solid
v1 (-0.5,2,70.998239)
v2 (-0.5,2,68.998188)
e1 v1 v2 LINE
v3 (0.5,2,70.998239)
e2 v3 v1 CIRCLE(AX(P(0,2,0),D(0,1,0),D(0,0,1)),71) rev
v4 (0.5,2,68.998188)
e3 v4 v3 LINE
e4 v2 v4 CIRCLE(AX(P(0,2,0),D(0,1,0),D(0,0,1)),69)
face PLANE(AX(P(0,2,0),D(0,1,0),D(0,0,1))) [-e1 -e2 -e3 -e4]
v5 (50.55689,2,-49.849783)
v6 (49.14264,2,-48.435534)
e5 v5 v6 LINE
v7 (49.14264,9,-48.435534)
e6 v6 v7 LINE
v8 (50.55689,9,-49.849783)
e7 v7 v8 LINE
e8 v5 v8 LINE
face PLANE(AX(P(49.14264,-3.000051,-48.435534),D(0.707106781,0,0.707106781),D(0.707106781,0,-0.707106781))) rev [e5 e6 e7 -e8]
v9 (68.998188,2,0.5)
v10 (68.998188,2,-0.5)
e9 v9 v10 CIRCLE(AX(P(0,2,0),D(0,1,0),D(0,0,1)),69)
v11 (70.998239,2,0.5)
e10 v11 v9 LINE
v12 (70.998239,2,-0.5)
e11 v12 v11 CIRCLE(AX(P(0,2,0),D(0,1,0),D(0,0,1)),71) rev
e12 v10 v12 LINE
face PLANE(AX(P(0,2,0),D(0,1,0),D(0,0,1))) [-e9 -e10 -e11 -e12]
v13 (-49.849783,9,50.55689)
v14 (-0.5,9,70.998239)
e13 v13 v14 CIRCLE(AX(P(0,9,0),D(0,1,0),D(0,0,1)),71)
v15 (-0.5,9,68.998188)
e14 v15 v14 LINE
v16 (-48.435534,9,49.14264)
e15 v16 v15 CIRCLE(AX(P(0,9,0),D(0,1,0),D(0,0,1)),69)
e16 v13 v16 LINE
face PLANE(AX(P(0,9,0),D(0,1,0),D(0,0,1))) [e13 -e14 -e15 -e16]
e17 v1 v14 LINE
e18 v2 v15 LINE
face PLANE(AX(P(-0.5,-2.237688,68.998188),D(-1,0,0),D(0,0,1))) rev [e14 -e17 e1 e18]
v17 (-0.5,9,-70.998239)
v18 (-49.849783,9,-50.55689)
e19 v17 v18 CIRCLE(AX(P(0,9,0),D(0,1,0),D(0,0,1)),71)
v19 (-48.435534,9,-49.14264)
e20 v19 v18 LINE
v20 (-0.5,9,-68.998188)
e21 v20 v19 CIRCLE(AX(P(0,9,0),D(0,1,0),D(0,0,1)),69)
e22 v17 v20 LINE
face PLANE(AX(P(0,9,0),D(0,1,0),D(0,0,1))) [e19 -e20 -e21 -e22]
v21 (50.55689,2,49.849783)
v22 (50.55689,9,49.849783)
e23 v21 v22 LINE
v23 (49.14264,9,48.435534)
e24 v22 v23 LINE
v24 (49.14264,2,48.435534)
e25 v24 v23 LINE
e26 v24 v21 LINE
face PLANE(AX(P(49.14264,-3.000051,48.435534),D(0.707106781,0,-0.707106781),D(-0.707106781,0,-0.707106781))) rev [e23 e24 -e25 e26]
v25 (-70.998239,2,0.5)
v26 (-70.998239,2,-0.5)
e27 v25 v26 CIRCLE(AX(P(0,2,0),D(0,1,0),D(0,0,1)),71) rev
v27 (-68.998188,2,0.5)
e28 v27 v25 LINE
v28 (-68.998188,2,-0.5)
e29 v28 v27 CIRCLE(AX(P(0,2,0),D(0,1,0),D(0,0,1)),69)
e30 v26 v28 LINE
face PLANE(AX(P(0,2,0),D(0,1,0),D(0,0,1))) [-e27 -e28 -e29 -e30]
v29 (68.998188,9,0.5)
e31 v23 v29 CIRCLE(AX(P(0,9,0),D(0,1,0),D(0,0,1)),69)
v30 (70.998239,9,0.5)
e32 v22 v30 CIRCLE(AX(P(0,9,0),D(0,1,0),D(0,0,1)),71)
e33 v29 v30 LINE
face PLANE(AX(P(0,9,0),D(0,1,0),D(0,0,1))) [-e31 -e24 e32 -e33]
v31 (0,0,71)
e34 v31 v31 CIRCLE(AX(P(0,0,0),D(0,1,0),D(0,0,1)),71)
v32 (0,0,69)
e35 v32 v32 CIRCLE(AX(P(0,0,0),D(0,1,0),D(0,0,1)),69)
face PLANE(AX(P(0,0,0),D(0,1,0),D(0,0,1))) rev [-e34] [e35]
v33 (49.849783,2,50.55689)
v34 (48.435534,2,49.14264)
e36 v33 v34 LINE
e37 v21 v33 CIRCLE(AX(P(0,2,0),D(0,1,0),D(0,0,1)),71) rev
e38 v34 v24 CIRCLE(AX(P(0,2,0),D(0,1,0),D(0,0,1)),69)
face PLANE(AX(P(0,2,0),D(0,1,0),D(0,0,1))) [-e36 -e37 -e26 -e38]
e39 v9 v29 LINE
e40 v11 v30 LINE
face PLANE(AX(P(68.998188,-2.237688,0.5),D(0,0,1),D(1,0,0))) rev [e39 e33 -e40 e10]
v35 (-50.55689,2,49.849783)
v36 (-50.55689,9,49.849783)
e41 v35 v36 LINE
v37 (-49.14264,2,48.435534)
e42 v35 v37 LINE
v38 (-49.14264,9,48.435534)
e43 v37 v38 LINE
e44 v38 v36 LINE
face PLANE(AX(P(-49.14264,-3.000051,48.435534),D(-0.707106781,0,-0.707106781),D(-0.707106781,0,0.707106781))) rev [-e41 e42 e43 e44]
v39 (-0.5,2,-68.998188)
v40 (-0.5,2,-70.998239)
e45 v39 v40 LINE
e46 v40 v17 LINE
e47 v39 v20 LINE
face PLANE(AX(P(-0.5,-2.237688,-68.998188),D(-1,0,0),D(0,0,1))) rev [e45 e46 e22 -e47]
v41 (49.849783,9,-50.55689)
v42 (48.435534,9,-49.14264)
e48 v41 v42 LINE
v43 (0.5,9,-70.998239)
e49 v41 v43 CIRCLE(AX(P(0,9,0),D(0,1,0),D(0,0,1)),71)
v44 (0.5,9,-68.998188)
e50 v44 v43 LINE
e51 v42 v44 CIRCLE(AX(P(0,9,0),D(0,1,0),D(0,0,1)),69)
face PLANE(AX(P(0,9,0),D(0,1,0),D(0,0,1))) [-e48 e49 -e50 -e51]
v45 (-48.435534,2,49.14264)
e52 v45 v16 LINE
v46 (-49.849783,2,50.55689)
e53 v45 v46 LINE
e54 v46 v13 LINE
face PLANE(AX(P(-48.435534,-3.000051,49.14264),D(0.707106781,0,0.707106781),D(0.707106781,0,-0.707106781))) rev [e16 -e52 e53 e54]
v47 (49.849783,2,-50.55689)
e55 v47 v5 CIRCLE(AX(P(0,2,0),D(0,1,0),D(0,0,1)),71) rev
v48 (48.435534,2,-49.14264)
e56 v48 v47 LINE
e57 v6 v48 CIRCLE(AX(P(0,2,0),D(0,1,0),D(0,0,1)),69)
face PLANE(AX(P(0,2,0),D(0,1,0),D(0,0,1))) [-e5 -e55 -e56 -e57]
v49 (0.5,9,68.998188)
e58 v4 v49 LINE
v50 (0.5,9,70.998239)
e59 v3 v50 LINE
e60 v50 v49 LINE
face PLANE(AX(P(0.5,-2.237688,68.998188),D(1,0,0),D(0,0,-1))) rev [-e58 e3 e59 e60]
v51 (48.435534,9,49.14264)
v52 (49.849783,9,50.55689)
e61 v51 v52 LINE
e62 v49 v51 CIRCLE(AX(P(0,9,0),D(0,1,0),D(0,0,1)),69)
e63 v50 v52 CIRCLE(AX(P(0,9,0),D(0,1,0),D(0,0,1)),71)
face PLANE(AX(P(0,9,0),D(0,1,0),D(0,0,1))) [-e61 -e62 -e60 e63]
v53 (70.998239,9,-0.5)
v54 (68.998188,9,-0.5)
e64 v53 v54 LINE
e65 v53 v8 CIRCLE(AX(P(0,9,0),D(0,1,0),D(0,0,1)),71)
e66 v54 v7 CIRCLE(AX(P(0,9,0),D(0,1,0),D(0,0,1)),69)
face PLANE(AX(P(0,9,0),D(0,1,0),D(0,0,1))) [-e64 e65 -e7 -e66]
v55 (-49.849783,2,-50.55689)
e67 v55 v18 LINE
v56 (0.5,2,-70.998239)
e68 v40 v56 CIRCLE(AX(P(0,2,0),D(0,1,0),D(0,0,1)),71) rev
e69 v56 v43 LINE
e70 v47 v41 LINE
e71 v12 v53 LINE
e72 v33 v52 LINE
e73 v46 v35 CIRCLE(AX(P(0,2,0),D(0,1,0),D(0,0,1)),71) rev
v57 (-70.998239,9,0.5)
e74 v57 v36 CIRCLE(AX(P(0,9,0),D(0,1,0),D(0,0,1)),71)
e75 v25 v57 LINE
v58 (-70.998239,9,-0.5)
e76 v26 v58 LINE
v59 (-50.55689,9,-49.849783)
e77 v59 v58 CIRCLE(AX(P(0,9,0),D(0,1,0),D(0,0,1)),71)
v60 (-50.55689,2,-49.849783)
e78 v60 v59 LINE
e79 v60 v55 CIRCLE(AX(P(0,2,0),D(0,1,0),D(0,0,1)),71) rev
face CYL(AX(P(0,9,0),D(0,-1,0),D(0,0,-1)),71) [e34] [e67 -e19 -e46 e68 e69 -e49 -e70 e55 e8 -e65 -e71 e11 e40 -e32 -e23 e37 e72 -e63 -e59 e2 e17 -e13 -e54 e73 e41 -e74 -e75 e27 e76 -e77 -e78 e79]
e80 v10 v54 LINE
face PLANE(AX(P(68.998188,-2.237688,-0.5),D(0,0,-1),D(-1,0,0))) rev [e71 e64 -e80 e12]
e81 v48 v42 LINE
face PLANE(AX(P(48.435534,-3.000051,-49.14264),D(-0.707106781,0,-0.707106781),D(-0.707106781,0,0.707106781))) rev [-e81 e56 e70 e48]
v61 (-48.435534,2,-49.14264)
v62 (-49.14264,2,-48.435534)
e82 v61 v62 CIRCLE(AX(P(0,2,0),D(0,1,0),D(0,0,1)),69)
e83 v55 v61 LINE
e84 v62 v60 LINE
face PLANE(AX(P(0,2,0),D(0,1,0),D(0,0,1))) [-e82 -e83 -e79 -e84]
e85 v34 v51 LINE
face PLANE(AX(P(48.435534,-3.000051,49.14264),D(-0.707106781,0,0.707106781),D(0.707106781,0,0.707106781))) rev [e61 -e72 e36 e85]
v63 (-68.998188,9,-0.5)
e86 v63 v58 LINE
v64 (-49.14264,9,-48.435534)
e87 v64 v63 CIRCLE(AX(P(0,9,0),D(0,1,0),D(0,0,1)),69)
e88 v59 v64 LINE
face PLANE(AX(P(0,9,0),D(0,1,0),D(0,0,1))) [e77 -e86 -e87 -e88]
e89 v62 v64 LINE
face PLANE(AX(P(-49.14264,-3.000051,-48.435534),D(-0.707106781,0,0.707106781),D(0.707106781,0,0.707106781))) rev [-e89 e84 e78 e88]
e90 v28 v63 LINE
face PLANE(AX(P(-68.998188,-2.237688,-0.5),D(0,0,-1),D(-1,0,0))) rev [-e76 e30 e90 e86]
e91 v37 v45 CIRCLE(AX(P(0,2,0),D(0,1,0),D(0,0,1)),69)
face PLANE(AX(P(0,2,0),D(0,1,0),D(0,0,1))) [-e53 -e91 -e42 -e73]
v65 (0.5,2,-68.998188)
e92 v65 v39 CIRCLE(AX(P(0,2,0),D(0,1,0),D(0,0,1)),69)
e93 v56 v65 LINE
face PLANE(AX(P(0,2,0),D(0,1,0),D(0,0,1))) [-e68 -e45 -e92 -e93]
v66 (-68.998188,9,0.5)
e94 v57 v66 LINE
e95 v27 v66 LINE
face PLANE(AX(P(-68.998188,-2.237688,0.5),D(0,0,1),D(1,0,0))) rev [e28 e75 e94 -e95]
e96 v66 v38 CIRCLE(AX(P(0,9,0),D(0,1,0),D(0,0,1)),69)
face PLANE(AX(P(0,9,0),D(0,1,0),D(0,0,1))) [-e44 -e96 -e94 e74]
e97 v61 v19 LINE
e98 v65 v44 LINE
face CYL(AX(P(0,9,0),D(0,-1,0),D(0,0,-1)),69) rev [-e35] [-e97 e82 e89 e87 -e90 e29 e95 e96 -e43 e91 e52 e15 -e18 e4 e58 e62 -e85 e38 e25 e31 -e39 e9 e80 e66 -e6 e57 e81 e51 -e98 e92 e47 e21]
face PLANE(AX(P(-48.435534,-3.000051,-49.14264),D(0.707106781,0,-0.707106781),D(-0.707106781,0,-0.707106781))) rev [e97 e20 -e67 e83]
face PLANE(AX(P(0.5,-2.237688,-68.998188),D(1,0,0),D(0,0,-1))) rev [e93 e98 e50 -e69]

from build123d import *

# Parameters (mm, degrees)
SKETCH1_R           = 71
SKETCH1_R_2         = 69
BOSS_EXTRUDE1_DEPTH = 9
CUT_EXTRUDE1_DEPTH  = 7
CIRPATTERN1_COUNT   = 8


with BuildPart() as part:
    # Sketch1 → Boss-Extrude1 (new body)
    with BuildSketch(Plane(origin=(0, 0, 0), x_dir=(1, 0, 0), z_dir=(0, 1, 0))):
        Circle(SKETCH1_R)
        Circle(SKETCH1_R_2, mode=Mode.SUBTRACT)
    extrude(amount=BOSS_EXTRUDE1_DEPTH)

    # Sketch2 → Cut-Extrude1 (cut)
    with BuildSketch(Plane(origin=(0, 9, 0), x_dir=(1, 0, 0), z_dir=(0, 1, 0))):
        with BuildLine():
            Line((0.5, 68.998188382), (0.5, 70.998239415))
            ThreePointArc((0.5, 70.998239415), (0, 71), (-0.5, 70.998239415))
            Line((-0.5, 70.998239415), (-0.5, 68.998188382))
            ThreePointArc((-0.5, 68.998188382), (0, 69), (0.5, 68.998188382))
        make_face()
    cut_extrude1 = extrude(amount=-CUT_EXTRUDE1_DEPTH, mode=Mode.SUBTRACT)

    # CirPattern1: Cut-Extrude1 ×8 about axis
    cirpattern1_axis = Axis((0, 0, 0), (0, 1, 0))
    for i in range(1, CIRPATTERN1_COUNT):
        add(cut_extrude1.rotate(cirpattern1_axis, i * 360 / CIRPATTERN1_COUNT), mode=Mode.SUBTRACT)


solid = part.part
